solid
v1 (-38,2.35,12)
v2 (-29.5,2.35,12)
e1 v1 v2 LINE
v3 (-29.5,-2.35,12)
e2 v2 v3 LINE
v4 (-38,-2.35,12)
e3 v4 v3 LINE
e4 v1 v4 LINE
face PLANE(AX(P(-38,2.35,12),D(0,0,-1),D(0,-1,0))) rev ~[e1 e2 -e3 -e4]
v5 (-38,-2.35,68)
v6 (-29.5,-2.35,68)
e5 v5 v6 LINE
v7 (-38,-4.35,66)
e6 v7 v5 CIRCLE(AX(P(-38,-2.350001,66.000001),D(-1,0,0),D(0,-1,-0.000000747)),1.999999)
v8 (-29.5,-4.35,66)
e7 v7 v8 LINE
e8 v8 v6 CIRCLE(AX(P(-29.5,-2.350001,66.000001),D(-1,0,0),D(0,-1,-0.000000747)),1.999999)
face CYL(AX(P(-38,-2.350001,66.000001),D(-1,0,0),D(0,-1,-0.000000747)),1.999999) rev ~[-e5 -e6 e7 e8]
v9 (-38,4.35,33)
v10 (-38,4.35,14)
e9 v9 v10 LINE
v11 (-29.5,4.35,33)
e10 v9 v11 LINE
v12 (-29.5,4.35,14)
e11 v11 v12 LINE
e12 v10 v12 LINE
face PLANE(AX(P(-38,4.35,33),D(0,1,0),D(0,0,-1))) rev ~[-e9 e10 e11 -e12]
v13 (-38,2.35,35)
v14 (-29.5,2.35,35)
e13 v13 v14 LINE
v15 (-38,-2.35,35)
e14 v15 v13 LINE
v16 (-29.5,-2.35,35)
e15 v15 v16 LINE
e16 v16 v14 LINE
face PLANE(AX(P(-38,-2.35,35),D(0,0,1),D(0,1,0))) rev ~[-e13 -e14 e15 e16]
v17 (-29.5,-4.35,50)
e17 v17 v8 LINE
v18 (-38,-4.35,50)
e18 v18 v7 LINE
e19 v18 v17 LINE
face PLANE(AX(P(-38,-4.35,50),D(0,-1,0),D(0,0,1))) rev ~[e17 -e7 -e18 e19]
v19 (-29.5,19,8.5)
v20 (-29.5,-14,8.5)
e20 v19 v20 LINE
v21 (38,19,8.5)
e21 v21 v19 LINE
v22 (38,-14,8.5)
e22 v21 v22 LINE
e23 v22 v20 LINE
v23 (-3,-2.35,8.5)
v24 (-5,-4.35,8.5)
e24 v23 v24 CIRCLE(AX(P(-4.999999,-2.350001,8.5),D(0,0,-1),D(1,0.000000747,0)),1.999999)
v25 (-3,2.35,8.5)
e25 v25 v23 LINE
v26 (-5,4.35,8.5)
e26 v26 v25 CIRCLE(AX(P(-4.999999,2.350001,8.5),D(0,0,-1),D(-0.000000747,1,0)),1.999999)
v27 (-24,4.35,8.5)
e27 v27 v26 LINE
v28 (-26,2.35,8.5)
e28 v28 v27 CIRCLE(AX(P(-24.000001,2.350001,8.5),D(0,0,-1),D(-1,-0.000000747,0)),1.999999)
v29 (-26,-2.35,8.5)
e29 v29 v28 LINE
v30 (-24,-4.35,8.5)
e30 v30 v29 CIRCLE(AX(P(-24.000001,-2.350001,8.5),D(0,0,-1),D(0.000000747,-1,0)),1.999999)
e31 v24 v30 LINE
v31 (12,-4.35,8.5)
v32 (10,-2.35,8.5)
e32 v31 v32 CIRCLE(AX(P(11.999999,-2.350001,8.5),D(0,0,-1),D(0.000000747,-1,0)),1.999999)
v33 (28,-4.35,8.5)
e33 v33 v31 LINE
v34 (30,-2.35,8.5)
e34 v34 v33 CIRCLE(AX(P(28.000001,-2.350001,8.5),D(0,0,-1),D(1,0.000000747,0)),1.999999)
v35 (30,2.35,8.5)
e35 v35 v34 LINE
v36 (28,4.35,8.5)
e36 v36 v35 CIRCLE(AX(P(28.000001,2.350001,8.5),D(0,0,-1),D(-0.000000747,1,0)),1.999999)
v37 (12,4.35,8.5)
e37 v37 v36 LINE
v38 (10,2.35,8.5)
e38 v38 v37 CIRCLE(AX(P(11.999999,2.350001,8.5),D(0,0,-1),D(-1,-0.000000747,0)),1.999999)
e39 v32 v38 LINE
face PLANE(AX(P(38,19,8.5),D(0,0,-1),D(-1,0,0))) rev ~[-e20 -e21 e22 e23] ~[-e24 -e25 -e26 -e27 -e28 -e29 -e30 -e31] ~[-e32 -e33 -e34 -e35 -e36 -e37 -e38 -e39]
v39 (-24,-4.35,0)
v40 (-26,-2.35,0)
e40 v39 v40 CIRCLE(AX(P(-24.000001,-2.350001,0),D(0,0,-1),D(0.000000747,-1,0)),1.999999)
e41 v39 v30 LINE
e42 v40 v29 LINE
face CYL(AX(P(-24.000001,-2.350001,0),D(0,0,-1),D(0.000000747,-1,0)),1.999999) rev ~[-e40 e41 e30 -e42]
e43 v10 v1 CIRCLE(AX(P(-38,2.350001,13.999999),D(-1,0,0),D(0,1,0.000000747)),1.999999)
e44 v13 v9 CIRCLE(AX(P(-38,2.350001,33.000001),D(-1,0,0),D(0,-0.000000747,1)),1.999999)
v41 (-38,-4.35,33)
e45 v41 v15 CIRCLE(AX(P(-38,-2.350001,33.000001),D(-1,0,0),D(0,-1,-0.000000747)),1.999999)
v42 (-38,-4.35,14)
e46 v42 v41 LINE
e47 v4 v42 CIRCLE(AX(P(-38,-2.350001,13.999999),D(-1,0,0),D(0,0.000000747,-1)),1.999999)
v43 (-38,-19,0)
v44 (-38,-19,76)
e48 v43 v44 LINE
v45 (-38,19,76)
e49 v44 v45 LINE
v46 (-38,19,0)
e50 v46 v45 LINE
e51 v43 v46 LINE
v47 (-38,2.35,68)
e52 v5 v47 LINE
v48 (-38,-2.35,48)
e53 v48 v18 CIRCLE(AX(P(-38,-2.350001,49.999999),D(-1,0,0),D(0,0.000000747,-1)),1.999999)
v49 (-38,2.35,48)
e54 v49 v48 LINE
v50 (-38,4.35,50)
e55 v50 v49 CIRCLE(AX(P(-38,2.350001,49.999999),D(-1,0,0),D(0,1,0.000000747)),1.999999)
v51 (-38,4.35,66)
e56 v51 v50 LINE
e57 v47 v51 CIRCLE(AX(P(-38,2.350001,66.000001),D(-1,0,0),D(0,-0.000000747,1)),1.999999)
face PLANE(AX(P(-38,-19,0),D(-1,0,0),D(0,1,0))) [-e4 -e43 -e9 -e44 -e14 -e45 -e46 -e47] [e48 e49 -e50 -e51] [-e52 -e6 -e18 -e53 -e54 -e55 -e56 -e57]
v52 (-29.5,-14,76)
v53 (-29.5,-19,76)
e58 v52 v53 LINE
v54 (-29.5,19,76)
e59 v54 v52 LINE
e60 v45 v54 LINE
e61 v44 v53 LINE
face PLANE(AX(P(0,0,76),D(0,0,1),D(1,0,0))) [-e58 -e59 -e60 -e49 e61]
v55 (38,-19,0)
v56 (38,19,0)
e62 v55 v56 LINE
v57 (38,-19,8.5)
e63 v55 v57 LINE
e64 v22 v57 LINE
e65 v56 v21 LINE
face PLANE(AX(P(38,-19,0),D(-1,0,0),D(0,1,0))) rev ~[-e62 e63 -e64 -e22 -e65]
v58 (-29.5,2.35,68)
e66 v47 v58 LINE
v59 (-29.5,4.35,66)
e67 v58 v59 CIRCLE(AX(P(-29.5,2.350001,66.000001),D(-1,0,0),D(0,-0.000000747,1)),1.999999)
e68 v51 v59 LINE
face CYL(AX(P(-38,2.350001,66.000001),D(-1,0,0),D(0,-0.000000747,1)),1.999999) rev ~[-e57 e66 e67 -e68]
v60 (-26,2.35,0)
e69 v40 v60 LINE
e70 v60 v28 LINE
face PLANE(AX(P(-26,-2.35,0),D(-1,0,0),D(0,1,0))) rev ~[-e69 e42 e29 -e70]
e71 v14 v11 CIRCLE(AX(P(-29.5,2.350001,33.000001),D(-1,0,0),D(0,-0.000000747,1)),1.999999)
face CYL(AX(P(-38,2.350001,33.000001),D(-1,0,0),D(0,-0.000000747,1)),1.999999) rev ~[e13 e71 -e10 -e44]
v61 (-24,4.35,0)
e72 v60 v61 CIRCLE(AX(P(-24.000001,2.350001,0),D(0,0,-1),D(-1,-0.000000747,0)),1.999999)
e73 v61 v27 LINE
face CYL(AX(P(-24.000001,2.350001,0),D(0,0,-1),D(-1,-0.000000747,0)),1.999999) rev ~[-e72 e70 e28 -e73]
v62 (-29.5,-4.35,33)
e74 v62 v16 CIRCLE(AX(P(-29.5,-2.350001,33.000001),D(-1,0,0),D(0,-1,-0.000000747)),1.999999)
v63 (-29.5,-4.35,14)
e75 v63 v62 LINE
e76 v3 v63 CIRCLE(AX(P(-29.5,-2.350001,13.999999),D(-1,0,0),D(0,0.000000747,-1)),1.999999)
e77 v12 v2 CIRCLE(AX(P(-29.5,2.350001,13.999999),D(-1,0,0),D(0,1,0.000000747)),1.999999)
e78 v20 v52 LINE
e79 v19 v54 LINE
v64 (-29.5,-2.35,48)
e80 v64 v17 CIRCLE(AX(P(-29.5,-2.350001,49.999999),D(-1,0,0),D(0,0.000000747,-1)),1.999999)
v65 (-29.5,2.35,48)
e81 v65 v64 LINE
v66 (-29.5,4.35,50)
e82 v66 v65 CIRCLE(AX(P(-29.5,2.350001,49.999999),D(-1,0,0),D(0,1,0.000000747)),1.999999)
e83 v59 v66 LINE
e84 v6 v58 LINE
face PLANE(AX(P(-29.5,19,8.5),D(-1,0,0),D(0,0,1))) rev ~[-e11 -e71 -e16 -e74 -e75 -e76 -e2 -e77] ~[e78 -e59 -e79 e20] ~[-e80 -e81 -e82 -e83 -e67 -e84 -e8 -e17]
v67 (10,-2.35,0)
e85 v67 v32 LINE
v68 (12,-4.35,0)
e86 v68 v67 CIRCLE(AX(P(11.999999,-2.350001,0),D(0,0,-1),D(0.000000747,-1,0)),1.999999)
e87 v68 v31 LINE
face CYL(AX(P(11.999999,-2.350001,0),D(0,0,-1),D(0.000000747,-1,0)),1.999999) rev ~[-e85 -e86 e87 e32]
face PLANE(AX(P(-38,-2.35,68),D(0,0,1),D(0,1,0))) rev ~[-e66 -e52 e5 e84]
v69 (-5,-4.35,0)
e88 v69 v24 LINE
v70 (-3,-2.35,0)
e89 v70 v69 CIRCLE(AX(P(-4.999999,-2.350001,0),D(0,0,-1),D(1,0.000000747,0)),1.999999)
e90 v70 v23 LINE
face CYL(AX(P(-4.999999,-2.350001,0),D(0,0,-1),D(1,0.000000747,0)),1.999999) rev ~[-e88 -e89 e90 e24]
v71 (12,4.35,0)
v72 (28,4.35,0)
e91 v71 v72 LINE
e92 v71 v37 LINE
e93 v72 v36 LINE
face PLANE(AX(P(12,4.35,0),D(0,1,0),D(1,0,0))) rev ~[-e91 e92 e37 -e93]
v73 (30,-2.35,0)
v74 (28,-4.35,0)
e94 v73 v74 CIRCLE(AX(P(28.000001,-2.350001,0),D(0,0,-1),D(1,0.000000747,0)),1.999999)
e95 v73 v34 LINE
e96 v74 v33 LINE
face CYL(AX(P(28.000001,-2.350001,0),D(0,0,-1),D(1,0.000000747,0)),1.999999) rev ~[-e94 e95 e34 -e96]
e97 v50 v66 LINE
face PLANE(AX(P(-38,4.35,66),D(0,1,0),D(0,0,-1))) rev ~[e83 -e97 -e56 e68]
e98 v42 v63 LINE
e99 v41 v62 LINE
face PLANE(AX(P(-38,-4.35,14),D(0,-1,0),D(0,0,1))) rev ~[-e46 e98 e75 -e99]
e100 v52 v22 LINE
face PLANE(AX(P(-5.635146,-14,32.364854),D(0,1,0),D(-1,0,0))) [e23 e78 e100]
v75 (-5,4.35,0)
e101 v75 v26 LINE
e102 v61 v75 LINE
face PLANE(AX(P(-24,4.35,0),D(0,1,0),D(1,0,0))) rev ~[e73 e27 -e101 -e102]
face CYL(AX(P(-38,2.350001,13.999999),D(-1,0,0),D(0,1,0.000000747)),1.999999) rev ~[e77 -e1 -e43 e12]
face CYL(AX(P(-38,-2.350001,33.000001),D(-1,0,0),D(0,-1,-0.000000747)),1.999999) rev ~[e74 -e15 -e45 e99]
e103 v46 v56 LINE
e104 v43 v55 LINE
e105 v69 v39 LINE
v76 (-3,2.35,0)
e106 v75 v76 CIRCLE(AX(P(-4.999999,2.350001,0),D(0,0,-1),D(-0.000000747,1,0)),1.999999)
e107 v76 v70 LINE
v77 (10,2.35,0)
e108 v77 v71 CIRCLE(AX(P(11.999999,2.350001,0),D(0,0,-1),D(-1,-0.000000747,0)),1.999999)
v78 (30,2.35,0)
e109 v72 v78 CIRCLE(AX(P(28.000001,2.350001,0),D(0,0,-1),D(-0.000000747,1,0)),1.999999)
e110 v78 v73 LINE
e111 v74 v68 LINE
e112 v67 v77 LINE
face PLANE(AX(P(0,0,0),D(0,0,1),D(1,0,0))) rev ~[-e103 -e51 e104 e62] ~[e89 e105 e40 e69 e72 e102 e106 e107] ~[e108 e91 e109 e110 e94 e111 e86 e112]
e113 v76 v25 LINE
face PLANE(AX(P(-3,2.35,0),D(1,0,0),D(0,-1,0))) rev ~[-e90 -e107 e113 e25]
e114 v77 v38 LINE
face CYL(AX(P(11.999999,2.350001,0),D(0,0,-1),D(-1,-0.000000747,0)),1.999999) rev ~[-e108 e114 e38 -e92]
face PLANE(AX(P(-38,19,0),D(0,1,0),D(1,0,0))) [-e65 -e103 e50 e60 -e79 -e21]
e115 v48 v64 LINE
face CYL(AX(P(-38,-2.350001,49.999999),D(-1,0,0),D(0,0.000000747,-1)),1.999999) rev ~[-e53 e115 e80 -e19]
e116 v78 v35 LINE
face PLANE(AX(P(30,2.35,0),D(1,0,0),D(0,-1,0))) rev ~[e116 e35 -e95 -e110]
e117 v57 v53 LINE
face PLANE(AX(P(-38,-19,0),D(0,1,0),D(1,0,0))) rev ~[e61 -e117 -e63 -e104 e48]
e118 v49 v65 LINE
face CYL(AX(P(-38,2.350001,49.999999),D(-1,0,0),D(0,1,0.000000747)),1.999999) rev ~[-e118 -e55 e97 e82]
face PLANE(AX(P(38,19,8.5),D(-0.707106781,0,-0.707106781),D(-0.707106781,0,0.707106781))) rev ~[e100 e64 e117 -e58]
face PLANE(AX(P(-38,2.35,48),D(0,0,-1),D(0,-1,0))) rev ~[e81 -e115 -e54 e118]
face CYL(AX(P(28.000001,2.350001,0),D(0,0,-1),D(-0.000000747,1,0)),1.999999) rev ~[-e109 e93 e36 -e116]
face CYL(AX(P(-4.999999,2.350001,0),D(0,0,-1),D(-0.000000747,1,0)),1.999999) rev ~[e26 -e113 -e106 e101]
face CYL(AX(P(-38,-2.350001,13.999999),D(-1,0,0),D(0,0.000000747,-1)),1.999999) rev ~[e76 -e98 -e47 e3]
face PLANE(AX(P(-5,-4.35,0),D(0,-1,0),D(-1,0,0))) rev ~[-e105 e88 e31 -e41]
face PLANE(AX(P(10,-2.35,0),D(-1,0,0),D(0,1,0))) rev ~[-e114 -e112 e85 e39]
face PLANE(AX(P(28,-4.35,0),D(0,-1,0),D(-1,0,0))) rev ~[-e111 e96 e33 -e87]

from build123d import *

# Parameters (mm, degrees)
F0_W     = 76
F0_H     = 38
F1_DEPTH = 76
F3_DEPTH = 38.001
F4_DEPTH = 33
F6_DEPTH = 76.001
F8_DEPTH = 76.001


with BuildPart() as f1:
    # F0 (on Top) → F1 (new body)
    with BuildSketch(Plane.XY):
        Rectangle(F0_W, F0_H)
    extrude(amount=F1_DEPTH)

    # F2 (on face) → F3 (cut, through all)
    with BuildSketch(Plane(origin=(0, 19, 0), x_dir=(-1, 0, 0), z_dir=(0, 1, 0))):
        Polygon((-38, 8.5), (29.5, 76), (-38, 76), align=None)
    extrude(amount=-F3_DEPTH, mode=Mode.SUBTRACT)

    # F2 (on face) → F4 (cut)
    with BuildSketch(Plane(origin=(0, 19, 0), x_dir=(-1, 0, 0), z_dir=(0, 1, 0))):
        Polygon((29.5, 8.5), (29.5, 76), (-38, 8.5), align=None)
    extrude(amount=-F4_DEPTH, mode=Mode.SUBTRACT)

    # F5 (on face) → F6 (cut, through all)
    with BuildSketch(Plane(origin=(-38, 0, 0), x_dir=(0, -1, 0), z_dir=(-1, 0, 0))):
        with BuildLine():
            Line((2.35, 68), (-2.35, 68))
            ThreePointArc((-2.35, 68), (-3.764214, 67.414214), (-4.35, 66))
            Line((-4.35, 66), (-4.35, 50))
            ThreePointArc((-4.35, 50), (-3.764214, 48.585786), (-2.35, 48))
            Line((-2.35, 48), (2.35, 48))
            ThreePointArc((2.35, 48), (3.764214, 48.585786), (4.35, 50))
            Line((4.35, 50), (4.35, 66))
            ThreePointArc((4.35, 66), (3.764214, 67.414214), (2.35, 68))
        make_face()
        with BuildLine():
            Line((2.35, 35), (-2.35, 35))
            ThreePointArc((-2.35, 35), (-3.764214, 34.414214), (-4.35, 33))
            Line((-4.35, 33), (-4.35, 14))
            ThreePointArc((-4.35, 14), (-3.764214, 12.585786), (-2.35, 12))
            Line((-2.35, 12), (2.35, 12))
            ThreePointArc((2.35, 12), (3.764214, 12.585786), (4.35, 14))
            Line((4.35, 14), (4.35, 33))
            ThreePointArc((4.35, 33), (3.764214, 34.414214), (2.35, 35))
        make_face()
    extrude(amount=-F6_DEPTH, mode=Mode.SUBTRACT)

    # F7 (on face) → F8 (cut, through all)
    with BuildSketch(Plane(origin=(0, 0, 0), x_dir=(1, 0, 0), z_dir=(0, 0, -1))):
        with BuildLine():
            Line((-3, -2.35), (-3, 2.35))
            ThreePointArc((-3, 2.35), (-3.585786, 3.764214), (-5, 4.35))
            Line((-5, 4.35), (-24, 4.35))
            ThreePointArc((-24, 4.35), (-25.414214, 3.764214), (-26, 2.35))
            Line((-26, 2.35), (-26, -2.35))
            ThreePointArc((-26, -2.35), (-25.414214, -3.764214), (-24, -4.35))
            Line((-24, -4.35), (-5, -4.35))
            ThreePointArc((-5, -4.35), (-3.585786, -3.764214), (-3, -2.35))
        make_face()
        with BuildLine():
            Line((30, -2.35), (30, 2.35))
            ThreePointArc((30, 2.35), (29.414214, 3.764214), (28, 4.35))
            Line((28, 4.35), (12, 4.35))
            ThreePointArc((12, 4.35), (10.585786, 3.764214), (10, 2.35))
            Line((10, 2.35), (10, -2.35))
            ThreePointArc((10, -2.35), (10.585786, -3.764214), (12, -4.35))
            Line((12, -4.35), (28, -4.35))
            ThreePointArc((28, -4.35), (29.414214, -3.764214), (30, -2.35))
        make_face()
    extrude(amount=-F8_DEPTH, mode=Mode.SUBTRACT)


solid = f1.part
